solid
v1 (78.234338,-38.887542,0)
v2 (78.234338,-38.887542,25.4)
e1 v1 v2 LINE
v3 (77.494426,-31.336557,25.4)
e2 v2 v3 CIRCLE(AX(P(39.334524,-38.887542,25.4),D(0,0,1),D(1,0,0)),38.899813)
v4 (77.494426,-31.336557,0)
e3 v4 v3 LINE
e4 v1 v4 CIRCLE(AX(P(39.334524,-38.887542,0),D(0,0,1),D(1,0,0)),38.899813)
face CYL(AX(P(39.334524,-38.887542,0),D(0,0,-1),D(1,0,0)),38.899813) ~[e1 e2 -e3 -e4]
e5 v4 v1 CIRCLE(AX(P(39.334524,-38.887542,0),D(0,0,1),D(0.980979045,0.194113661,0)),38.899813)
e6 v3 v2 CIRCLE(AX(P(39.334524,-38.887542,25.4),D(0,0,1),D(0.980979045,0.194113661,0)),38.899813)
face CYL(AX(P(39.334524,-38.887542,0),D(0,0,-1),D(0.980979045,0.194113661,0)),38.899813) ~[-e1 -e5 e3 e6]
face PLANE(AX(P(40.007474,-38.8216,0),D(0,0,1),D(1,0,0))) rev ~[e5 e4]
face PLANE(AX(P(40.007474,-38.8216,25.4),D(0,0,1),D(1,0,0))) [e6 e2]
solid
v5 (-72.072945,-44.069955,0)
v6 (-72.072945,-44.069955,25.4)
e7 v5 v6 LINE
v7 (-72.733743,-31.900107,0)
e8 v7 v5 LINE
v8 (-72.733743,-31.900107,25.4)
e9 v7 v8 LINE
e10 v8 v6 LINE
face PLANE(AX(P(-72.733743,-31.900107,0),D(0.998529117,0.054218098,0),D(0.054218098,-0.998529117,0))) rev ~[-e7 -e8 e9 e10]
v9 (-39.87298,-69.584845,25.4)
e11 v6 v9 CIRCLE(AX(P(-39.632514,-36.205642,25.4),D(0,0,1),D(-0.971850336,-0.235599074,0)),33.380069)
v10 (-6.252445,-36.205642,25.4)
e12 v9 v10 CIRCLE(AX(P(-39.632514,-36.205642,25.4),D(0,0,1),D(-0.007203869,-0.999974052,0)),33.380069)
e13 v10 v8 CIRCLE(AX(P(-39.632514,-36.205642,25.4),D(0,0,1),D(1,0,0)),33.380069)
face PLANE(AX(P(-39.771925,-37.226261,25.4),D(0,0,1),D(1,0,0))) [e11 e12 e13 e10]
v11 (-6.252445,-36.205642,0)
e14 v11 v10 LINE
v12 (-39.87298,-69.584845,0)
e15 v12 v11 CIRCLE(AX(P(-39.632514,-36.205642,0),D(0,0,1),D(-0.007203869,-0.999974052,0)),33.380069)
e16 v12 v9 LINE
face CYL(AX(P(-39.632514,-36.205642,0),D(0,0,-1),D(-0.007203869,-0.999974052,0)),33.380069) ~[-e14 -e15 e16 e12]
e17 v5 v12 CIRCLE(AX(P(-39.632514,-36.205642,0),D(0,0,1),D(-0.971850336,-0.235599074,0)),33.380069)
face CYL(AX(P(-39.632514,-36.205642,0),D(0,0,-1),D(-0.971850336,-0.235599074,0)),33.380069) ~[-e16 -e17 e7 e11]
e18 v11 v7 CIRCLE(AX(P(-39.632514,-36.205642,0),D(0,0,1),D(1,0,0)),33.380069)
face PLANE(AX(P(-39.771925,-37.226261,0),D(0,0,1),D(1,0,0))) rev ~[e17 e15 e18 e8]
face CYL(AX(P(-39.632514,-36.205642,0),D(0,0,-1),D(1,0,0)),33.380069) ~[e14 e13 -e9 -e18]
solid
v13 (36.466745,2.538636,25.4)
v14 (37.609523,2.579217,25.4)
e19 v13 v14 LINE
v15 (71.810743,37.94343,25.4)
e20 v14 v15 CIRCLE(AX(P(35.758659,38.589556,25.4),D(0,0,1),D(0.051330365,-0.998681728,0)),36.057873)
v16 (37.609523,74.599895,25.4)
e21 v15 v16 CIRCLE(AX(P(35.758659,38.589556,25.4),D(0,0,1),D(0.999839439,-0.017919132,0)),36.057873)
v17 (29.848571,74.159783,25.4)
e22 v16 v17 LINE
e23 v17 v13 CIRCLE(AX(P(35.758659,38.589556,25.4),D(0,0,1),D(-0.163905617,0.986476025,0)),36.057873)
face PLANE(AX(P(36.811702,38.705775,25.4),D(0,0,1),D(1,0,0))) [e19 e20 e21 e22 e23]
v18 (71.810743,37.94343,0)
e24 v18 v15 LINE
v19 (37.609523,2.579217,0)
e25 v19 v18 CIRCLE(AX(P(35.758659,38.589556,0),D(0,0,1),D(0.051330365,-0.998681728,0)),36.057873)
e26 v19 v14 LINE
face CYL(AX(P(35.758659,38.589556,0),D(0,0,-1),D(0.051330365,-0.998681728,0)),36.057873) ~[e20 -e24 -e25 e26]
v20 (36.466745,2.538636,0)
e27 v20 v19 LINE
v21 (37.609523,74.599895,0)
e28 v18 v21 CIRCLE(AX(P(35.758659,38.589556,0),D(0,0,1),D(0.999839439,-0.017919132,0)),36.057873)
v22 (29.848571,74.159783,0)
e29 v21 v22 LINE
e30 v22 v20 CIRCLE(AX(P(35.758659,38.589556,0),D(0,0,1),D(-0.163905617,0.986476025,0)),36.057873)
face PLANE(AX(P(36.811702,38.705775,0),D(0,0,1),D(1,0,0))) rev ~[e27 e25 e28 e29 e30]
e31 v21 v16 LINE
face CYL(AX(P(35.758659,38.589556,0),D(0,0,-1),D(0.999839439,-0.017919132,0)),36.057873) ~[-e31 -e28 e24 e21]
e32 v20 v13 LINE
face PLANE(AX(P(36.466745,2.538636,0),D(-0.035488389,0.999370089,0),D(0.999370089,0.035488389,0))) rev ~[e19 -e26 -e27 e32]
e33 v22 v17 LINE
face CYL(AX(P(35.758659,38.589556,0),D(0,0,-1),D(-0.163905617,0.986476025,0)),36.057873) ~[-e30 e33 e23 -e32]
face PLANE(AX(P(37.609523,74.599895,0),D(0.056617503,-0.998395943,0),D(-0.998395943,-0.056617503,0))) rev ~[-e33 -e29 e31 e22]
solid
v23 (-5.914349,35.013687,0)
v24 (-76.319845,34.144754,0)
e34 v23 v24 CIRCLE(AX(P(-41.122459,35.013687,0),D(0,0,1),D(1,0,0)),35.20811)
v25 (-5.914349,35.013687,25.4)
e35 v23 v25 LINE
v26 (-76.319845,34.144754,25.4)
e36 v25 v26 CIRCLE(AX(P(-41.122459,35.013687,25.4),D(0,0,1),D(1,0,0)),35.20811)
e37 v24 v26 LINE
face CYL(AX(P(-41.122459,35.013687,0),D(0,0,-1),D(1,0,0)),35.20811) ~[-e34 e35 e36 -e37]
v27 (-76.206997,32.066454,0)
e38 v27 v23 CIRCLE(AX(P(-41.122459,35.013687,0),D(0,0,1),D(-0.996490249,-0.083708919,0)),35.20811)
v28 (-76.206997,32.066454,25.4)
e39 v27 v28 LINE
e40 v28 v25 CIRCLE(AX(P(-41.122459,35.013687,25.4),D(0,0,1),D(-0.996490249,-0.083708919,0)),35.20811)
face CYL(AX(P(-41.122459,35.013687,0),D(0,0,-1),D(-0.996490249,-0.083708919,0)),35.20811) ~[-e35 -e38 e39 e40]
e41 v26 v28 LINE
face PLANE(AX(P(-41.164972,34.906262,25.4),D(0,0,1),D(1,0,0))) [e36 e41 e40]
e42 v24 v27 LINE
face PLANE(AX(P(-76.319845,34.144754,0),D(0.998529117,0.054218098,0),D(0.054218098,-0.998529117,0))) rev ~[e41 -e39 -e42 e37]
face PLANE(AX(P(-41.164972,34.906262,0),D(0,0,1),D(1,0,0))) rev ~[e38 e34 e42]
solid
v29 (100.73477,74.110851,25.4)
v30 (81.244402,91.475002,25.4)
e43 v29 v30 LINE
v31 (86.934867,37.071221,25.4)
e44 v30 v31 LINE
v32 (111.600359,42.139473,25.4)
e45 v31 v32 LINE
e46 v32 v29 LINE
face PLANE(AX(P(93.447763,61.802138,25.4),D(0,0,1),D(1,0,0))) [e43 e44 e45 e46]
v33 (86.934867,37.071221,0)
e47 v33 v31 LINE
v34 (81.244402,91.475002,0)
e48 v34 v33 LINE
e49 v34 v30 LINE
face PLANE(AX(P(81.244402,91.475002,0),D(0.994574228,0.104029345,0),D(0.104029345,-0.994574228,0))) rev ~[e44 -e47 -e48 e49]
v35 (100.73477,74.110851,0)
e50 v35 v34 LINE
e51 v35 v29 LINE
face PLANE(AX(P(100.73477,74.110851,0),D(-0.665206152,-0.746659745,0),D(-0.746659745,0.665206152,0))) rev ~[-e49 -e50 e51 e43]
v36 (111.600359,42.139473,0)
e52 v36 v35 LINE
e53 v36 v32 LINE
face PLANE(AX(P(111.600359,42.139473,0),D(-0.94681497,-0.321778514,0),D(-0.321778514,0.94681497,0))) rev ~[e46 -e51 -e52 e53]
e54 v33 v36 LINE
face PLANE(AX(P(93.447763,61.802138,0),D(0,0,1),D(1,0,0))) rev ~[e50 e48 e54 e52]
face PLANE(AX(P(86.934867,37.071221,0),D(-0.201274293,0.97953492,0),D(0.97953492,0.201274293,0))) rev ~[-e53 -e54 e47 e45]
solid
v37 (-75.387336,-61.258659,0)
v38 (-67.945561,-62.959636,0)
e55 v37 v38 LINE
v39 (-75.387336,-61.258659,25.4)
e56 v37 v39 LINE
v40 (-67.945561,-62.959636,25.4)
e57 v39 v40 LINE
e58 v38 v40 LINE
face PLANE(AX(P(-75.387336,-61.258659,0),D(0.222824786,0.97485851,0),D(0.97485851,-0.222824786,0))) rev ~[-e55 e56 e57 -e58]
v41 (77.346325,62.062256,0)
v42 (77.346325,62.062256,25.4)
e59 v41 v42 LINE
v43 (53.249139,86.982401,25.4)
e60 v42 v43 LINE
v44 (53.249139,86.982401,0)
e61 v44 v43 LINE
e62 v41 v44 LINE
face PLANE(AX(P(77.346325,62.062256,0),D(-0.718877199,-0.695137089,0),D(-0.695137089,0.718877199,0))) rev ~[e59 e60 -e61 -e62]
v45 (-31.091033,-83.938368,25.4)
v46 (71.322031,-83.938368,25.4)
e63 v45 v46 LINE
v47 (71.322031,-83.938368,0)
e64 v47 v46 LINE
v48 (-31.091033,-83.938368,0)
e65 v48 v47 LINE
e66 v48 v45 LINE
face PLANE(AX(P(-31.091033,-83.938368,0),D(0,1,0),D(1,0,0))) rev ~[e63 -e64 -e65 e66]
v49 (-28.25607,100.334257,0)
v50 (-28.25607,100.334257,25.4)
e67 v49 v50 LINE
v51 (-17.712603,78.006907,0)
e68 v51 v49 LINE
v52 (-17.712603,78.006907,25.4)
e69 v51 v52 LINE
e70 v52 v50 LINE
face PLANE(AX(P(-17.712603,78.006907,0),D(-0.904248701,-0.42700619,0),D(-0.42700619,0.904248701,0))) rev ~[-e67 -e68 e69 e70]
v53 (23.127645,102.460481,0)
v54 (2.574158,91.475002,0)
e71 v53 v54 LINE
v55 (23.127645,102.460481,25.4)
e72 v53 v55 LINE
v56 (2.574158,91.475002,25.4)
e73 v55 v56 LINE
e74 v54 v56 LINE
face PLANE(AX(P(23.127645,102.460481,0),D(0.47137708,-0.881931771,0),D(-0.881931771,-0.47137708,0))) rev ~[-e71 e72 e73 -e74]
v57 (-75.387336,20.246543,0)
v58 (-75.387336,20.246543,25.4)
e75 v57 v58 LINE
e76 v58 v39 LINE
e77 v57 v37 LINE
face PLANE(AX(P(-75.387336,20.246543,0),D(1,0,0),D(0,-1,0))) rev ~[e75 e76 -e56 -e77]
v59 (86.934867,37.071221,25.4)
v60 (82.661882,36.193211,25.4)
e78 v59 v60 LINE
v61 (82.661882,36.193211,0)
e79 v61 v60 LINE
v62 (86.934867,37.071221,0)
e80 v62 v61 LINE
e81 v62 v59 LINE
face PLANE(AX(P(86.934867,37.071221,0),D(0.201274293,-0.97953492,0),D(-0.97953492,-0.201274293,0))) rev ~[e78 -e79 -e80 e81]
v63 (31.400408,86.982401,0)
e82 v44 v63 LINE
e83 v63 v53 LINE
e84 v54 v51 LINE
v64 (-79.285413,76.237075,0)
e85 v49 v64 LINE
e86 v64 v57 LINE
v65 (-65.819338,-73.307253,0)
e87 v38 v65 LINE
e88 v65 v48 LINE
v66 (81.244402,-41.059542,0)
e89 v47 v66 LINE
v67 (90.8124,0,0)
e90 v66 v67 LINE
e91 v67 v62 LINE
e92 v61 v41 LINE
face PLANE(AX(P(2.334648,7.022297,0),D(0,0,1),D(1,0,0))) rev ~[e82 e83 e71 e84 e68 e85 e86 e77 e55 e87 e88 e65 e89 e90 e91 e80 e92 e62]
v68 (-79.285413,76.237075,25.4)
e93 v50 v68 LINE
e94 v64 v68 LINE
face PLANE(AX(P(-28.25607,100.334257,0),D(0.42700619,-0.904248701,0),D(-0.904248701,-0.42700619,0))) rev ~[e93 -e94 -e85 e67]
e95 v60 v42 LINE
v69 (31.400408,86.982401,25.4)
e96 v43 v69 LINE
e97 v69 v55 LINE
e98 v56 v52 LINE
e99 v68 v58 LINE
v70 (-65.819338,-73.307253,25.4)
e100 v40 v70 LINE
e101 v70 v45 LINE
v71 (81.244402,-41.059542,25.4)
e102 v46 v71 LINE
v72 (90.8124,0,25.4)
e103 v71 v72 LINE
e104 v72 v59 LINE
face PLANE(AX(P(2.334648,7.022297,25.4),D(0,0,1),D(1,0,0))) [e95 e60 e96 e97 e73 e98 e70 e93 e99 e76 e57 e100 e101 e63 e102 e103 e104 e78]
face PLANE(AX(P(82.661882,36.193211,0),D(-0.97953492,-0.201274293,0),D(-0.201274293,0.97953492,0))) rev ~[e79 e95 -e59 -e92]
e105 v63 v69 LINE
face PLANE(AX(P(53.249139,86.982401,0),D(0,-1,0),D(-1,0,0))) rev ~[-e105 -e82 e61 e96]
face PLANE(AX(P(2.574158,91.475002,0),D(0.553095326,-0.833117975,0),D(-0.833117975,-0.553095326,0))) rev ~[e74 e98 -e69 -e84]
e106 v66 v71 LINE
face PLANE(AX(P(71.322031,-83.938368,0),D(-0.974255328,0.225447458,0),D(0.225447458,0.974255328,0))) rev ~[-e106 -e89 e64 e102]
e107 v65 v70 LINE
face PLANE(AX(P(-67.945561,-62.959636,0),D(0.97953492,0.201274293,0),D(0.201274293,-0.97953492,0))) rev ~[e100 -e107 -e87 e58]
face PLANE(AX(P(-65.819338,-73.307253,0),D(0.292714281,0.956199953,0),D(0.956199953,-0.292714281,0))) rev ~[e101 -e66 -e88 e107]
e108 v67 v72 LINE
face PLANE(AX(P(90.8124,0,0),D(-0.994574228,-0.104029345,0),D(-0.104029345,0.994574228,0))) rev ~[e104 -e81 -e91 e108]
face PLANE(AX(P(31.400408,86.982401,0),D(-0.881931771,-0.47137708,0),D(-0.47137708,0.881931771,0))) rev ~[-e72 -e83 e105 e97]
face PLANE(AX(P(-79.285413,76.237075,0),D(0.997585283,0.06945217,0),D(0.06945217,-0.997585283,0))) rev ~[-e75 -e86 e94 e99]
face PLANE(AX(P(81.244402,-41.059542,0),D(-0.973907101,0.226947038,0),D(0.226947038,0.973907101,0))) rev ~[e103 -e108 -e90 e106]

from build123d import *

# Parameters (mm, degrees)
F1_DEPTH = 25.4
F3_DEPTH = 25.4


with BuildPart() as f1:
    # F0 (on Top) → F1 (new body)
    with BuildSketch(Plane.XY):
        with BuildLine():
            ThreePointArc((78.2343375317, -38.8875417411), (78.048917721, -35.093966718), (77.4944259328, -31.3365565967))
            ThreePointArc((77.4944259328, -31.3365565967), (10.6262096015, -12.6381966062), (35.2216652385, -77.5693184483))
            ThreePointArc((35.2216652385, -77.5693184483), (65.3461180523, -67.8114497889), (78.2343375317, -38.8875417411))
        make_face()
    extrude(amount=F1_DEPTH)


with BuildPart() as f1b:
    # F0 (on Top) → F1, piece 2 (new body)
    with BuildSketch(Plane.XY):
        with BuildLine():
            ThreePointArc((-6.2524450904, -36.2056419253), (-37.4752368875, -2.8953557766), (-72.7337433977, -31.9001072768))
            Line((-72.7337433977, -31.9001072768), (-72.0729454344, -44.0699552738))
            ThreePointArc((-72.0729454344, -44.0699552738), (-60.3632317439, -62.3679498344), (-39.872979752, -69.5848448014))
            ThreePointArc((-39.872979752, -69.5848448014), (-16.1144120599, -59.8937799673), (-6.2524450904, -36.2056419253))
        make_face()
    extrude(amount=F1_DEPTH)


with BuildPart() as f1c:
    # F0 (on Top) → F1, piece 3 (new body)
    with BuildSketch(Plane.XY):
        with BuildLine():
            ThreePointArc((-39.872979752, -0.1722453775), (-15.7886590754, 10.5635413936), (-5.9143486462, 35.0136868656))
            ThreePointArc((-5.9143486462, 35.0136868656), (-15.812898711, 59.4889231298), (-39.9427123553, 70.2020261848))
            ThreePointArc((-39.9427123553, 70.2020261848), (-65.9081737617, 60.0192735106), (-76.3198448883, 34.1447543379))
            Line((-76.3198448883, 34.1447543379), (-76.206997413, 32.0664540136))
            ThreePointArc((-76.206997413, 32.0664540136), (-64.4898773463, 8.6778789249), (-39.872979752, -0.1722453775))
        make_face()
    extrude(amount=F1_DEPTH)


with BuildPart() as f1d:
    # F0 (on Top) → F1, piece 4 (new body)
    with BuildSketch(Plane.XY):
        with BuildLine():
            Line((37.6095230227, 74.5998945164), (29.8485713548, 74.1597828497))
            ThreePointArc((29.8485713548, 74.1597828497), (-0.1462480838, 35.2717518042), (36.4667453689, 2.5386361233))
            Line((36.4667453689, 2.5386361233), (37.6095230227, 2.579217024))
            ThreePointArc((37.6095230227, 2.579217024), (61.678058159, 13.5225465108), (71.8107426066, 37.9434299868))
            ThreePointArc((71.8107426066, 37.9434299868), (71.8150846811, 38.2664799099), (71.816532078, 38.5895557702))
            ThreePointArc((71.816532078, 38.5895557702), (61.9016162696, 63.4233229286), (37.6095230227, 74.5998945164))
        make_face()
    extrude(amount=F1_DEPTH)


with BuildPart() as f3:
    # F2 (on Top) → F3 (new body)
    with BuildSketch(Plane.XY):
        Polygon((81.2444016337, 91.4750024676), (86.9348665273, 37.0712211168), (111.6003593864, 42.1394729282), (100.734770298, 74.1108506918), align=None)
    extrude(amount=F3_DEPTH)


with BuildPart() as f3b:
    # F2 (on Top) → F3, piece 2 (new body)
    with BuildSketch(Plane.XY):
        Polygon((-75.3873363137, -61.2586587667), (-67.9455606753, -62.9596359278), (-65.8193379641, -73.3072534204), (-31.0910325497, -83.9383676648), (71.3220313191, -83.9383676648), (81.2444016337, -41.0595424473), (90.8123999834, 0), (86.9348665273, 37.0712211168), (82.6618820429, 36.1932106316), (77.3463249207, 62.0622560382), (53.2491393387, 86.9824013656), (31.4004077564, 86.9824013656), (23.1276452541, 102.4604812264), (2.5741581339, 91.4750024676), (-17.712602534, 78.0069069132), (-28.2560698688, 100.3342568874), (-79.2854130268, 76.2370750308), (-75.3873363137, 20.2465429902), align=None)
    extrude(amount=F3_DEPTH)


solid = Compound([f1.part, f1b.part, f1c.part, f1d.part, f3.part, f3b.part])
